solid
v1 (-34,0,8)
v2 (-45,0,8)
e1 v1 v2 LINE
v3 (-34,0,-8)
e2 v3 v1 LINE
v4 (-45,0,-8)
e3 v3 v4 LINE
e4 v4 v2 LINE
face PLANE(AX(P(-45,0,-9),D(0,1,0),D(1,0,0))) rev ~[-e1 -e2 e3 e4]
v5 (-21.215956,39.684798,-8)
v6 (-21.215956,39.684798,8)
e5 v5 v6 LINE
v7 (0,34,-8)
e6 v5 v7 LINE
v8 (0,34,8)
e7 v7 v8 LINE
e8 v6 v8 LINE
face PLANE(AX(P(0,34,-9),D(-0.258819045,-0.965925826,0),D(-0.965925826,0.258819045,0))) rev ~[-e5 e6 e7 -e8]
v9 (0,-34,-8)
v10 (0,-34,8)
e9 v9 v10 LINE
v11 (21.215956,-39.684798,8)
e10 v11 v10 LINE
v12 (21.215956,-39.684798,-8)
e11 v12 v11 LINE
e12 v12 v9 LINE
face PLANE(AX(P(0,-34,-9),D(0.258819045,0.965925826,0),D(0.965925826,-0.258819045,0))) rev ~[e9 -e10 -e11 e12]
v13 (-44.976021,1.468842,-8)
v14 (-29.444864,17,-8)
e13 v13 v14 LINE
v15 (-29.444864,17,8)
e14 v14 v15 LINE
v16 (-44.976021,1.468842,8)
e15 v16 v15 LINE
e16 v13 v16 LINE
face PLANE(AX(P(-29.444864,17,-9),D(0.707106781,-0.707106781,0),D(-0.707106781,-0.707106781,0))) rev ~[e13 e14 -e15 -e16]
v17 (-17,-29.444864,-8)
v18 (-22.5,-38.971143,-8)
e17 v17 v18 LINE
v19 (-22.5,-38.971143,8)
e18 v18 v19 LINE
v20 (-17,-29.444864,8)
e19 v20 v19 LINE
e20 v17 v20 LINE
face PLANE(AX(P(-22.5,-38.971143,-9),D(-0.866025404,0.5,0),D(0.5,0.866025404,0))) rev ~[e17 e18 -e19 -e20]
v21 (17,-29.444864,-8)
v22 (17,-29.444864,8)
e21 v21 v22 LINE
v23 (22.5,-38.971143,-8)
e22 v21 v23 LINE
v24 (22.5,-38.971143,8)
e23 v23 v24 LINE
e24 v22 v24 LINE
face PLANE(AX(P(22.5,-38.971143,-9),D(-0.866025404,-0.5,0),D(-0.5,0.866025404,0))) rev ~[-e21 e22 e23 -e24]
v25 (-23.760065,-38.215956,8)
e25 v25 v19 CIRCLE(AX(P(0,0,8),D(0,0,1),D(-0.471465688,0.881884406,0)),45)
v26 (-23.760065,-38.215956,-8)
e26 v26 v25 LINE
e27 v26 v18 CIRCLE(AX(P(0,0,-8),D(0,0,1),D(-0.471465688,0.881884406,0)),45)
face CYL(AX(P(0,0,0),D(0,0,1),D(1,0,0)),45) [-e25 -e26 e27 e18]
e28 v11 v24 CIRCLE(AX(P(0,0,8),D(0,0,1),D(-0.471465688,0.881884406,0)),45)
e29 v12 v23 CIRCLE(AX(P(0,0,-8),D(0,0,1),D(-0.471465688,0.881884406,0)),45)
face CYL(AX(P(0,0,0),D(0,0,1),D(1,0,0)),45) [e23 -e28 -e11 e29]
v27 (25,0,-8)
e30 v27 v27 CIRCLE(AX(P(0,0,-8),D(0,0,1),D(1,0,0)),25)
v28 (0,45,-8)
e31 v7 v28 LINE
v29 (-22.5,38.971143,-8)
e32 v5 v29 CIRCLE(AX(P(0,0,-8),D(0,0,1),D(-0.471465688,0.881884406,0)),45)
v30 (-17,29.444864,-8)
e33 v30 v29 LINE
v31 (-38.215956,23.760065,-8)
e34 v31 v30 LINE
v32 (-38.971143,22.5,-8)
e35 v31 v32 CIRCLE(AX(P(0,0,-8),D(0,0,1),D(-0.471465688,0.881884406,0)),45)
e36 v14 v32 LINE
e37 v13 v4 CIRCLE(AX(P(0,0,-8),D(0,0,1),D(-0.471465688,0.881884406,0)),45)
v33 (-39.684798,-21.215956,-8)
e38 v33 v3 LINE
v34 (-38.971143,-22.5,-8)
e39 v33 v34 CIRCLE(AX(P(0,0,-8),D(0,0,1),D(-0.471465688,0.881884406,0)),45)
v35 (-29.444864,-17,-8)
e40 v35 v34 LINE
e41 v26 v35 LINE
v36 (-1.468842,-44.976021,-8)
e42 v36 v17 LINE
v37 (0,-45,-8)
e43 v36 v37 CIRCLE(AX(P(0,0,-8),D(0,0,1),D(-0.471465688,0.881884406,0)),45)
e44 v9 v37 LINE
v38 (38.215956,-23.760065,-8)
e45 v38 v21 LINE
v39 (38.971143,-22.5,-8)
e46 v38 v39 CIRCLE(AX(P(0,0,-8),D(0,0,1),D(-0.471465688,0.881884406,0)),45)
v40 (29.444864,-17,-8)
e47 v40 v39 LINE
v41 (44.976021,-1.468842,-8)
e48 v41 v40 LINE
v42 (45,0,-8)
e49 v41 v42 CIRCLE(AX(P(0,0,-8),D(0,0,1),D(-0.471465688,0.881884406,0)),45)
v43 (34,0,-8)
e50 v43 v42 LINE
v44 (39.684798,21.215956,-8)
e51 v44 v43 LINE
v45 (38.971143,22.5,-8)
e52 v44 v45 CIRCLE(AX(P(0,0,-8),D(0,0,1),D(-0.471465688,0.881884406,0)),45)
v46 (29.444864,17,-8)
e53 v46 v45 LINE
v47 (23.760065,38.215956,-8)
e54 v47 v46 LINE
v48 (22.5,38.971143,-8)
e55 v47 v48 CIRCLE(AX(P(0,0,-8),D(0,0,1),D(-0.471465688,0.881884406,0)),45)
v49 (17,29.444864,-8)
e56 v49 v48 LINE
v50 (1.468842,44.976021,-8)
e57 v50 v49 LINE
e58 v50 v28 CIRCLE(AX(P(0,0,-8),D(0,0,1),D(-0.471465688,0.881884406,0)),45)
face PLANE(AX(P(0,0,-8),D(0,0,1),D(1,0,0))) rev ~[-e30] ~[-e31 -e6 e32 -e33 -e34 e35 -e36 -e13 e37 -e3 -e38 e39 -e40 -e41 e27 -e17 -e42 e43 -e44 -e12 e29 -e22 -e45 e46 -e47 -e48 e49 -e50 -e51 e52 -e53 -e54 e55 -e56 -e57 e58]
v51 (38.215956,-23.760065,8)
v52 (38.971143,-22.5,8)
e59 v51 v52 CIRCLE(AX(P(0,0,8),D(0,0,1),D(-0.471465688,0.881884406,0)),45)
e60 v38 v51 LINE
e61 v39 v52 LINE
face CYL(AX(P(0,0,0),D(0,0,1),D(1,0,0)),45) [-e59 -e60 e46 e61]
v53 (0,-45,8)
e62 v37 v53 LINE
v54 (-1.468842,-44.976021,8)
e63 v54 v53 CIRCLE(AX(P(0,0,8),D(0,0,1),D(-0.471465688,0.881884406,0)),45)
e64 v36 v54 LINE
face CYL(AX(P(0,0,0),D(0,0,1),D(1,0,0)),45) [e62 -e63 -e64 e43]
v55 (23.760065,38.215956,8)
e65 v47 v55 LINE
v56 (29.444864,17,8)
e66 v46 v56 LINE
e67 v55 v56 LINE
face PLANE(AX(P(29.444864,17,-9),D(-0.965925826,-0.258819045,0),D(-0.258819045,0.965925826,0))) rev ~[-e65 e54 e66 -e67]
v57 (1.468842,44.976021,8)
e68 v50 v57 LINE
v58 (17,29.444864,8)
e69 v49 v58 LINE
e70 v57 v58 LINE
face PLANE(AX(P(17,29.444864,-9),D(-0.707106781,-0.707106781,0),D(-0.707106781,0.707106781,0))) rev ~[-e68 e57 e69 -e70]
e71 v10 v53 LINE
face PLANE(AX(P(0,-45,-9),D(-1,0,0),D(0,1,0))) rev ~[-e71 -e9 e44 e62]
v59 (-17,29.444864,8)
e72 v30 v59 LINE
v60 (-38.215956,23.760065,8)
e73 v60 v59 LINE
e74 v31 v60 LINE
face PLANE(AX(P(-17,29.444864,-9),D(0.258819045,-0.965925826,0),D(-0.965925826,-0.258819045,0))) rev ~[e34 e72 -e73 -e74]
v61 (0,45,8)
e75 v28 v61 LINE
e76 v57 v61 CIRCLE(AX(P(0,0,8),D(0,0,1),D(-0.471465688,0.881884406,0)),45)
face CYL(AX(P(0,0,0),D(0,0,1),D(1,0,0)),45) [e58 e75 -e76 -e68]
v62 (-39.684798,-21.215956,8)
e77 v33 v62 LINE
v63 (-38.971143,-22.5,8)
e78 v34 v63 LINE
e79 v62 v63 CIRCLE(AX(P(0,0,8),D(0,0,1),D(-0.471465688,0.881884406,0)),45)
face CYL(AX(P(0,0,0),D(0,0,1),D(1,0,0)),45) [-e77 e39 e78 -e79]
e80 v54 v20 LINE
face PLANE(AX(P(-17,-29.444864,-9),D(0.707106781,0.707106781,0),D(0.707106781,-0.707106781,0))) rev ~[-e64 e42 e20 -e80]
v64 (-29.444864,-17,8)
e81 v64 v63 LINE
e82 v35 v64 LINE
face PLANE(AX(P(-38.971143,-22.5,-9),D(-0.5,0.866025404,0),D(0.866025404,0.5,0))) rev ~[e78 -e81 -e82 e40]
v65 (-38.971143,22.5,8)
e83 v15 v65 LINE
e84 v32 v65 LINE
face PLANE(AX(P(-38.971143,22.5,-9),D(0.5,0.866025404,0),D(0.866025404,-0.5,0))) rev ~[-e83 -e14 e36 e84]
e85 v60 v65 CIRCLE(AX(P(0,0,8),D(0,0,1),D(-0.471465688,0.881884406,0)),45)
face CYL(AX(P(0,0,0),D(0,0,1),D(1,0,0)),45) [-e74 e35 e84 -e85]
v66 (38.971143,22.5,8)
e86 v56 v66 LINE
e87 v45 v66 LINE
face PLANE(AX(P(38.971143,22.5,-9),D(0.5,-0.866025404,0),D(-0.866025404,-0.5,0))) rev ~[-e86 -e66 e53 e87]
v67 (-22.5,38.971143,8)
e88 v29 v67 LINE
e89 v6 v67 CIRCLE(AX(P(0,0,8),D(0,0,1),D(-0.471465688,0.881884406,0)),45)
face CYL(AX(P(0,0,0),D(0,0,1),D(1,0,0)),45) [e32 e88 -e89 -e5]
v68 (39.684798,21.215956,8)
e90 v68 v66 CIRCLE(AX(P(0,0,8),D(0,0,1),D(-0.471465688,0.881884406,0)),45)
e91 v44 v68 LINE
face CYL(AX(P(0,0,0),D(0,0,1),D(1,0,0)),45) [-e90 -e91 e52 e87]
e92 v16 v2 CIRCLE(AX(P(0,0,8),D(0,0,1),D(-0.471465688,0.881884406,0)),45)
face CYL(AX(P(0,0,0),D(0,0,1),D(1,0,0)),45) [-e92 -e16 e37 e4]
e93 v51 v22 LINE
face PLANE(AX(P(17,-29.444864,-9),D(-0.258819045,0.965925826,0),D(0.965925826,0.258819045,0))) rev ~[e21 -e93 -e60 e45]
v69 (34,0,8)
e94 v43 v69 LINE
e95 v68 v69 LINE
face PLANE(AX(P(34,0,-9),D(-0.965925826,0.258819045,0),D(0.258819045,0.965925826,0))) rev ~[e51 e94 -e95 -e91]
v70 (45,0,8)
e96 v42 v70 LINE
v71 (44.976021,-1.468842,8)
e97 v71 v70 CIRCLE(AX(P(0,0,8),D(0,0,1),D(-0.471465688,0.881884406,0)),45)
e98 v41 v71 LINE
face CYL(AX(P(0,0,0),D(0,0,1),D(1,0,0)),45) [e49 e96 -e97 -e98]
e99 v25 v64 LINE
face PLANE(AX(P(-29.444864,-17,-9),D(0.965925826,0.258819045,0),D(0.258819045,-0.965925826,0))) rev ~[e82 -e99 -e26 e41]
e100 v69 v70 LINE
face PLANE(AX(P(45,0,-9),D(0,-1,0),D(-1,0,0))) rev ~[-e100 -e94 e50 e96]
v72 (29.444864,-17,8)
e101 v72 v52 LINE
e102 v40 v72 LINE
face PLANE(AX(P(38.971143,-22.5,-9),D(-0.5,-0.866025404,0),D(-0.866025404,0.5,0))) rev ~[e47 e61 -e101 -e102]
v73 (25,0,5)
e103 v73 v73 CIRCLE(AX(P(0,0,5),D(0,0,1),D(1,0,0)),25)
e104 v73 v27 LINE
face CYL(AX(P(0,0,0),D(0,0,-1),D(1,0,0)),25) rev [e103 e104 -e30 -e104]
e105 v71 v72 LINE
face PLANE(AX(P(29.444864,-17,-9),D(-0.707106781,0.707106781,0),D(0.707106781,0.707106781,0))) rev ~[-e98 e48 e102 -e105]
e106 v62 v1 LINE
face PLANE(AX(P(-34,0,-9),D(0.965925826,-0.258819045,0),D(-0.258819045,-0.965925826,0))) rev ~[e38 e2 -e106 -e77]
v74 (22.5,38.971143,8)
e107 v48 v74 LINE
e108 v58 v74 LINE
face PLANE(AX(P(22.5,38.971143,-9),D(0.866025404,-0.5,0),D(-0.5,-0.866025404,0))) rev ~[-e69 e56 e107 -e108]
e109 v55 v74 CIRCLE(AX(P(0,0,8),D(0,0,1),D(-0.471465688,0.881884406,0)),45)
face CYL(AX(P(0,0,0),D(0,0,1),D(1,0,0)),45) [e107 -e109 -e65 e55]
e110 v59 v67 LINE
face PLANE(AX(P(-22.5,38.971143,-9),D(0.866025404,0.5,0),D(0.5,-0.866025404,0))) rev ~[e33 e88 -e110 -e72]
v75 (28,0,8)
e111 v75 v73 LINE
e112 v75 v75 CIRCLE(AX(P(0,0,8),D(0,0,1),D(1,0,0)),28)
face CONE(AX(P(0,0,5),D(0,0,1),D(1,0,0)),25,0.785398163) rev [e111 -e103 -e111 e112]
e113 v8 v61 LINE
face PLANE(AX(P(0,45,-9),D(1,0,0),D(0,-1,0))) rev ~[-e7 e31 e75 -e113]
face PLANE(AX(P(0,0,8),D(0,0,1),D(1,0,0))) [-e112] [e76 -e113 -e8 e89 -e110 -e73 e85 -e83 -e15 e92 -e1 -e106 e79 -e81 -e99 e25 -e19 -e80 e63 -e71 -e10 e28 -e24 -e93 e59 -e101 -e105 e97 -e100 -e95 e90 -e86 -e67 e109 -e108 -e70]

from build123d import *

# Parameters (mm, degrees)
SKETCH1_R           = 45
SKETCH1_R_2         = 25
BOSS_EXTRUDE1_DEPTH = 8
CHAMFER1_SIZE       = 3
CUT_EXTRUDE1_START  = -17
CUT_EXTRUDE1_DEPTH  = 18
CIRPATTERN1_COUNT   = 12


with BuildPart() as part:
    # Sketch1 → Boss-Extrude1 (new body, symmetric)
    with BuildSketch(Plane.XY):
        Circle(SKETCH1_R)
        Circle(SKETCH1_R_2, mode=Mode.SUBTRACT)
    extrude(amount=BOSS_EXTRUDE1_DEPTH, both=True)

    # Chamfer1
    chamfer1_edges = [part.edges().sort_by_distance(p)[0] for p in [
        (-25, 0, 8),
    ]]
    chamfer(chamfer1_edges, length=CHAMFER1_SIZE)

    # Sketch2 → Cut-Extrude1 (cut)
    with BuildSketch(Plane.XY.offset(8).offset(CUT_EXTRUDE1_START)):
        with BuildLine():
            Line((0, 45), (0, 34))
            Line((0, 34), (-21.215955949, 39.684798263))
            ThreePointArc((-21.215955949, 39.684798263), (-10.935814514, 43.650978923), (0, 45))
        make_face()
    cut_extrude1 = extrude(amount=CUT_EXTRUDE1_DEPTH, mode=Mode.SUBTRACT)

    # CirPattern1: Cut-Extrude1 ×12 about axis
    cirpattern1_axis = Axis((0, 0, 0), (0, 0, 1))
    for i in range(1, CIRPATTERN1_COUNT):
        add(cut_extrude1.rotate(cirpattern1_axis, i * 360 / CIRPATTERN1_COUNT), mode=Mode.SUBTRACT)


solid = part.part
